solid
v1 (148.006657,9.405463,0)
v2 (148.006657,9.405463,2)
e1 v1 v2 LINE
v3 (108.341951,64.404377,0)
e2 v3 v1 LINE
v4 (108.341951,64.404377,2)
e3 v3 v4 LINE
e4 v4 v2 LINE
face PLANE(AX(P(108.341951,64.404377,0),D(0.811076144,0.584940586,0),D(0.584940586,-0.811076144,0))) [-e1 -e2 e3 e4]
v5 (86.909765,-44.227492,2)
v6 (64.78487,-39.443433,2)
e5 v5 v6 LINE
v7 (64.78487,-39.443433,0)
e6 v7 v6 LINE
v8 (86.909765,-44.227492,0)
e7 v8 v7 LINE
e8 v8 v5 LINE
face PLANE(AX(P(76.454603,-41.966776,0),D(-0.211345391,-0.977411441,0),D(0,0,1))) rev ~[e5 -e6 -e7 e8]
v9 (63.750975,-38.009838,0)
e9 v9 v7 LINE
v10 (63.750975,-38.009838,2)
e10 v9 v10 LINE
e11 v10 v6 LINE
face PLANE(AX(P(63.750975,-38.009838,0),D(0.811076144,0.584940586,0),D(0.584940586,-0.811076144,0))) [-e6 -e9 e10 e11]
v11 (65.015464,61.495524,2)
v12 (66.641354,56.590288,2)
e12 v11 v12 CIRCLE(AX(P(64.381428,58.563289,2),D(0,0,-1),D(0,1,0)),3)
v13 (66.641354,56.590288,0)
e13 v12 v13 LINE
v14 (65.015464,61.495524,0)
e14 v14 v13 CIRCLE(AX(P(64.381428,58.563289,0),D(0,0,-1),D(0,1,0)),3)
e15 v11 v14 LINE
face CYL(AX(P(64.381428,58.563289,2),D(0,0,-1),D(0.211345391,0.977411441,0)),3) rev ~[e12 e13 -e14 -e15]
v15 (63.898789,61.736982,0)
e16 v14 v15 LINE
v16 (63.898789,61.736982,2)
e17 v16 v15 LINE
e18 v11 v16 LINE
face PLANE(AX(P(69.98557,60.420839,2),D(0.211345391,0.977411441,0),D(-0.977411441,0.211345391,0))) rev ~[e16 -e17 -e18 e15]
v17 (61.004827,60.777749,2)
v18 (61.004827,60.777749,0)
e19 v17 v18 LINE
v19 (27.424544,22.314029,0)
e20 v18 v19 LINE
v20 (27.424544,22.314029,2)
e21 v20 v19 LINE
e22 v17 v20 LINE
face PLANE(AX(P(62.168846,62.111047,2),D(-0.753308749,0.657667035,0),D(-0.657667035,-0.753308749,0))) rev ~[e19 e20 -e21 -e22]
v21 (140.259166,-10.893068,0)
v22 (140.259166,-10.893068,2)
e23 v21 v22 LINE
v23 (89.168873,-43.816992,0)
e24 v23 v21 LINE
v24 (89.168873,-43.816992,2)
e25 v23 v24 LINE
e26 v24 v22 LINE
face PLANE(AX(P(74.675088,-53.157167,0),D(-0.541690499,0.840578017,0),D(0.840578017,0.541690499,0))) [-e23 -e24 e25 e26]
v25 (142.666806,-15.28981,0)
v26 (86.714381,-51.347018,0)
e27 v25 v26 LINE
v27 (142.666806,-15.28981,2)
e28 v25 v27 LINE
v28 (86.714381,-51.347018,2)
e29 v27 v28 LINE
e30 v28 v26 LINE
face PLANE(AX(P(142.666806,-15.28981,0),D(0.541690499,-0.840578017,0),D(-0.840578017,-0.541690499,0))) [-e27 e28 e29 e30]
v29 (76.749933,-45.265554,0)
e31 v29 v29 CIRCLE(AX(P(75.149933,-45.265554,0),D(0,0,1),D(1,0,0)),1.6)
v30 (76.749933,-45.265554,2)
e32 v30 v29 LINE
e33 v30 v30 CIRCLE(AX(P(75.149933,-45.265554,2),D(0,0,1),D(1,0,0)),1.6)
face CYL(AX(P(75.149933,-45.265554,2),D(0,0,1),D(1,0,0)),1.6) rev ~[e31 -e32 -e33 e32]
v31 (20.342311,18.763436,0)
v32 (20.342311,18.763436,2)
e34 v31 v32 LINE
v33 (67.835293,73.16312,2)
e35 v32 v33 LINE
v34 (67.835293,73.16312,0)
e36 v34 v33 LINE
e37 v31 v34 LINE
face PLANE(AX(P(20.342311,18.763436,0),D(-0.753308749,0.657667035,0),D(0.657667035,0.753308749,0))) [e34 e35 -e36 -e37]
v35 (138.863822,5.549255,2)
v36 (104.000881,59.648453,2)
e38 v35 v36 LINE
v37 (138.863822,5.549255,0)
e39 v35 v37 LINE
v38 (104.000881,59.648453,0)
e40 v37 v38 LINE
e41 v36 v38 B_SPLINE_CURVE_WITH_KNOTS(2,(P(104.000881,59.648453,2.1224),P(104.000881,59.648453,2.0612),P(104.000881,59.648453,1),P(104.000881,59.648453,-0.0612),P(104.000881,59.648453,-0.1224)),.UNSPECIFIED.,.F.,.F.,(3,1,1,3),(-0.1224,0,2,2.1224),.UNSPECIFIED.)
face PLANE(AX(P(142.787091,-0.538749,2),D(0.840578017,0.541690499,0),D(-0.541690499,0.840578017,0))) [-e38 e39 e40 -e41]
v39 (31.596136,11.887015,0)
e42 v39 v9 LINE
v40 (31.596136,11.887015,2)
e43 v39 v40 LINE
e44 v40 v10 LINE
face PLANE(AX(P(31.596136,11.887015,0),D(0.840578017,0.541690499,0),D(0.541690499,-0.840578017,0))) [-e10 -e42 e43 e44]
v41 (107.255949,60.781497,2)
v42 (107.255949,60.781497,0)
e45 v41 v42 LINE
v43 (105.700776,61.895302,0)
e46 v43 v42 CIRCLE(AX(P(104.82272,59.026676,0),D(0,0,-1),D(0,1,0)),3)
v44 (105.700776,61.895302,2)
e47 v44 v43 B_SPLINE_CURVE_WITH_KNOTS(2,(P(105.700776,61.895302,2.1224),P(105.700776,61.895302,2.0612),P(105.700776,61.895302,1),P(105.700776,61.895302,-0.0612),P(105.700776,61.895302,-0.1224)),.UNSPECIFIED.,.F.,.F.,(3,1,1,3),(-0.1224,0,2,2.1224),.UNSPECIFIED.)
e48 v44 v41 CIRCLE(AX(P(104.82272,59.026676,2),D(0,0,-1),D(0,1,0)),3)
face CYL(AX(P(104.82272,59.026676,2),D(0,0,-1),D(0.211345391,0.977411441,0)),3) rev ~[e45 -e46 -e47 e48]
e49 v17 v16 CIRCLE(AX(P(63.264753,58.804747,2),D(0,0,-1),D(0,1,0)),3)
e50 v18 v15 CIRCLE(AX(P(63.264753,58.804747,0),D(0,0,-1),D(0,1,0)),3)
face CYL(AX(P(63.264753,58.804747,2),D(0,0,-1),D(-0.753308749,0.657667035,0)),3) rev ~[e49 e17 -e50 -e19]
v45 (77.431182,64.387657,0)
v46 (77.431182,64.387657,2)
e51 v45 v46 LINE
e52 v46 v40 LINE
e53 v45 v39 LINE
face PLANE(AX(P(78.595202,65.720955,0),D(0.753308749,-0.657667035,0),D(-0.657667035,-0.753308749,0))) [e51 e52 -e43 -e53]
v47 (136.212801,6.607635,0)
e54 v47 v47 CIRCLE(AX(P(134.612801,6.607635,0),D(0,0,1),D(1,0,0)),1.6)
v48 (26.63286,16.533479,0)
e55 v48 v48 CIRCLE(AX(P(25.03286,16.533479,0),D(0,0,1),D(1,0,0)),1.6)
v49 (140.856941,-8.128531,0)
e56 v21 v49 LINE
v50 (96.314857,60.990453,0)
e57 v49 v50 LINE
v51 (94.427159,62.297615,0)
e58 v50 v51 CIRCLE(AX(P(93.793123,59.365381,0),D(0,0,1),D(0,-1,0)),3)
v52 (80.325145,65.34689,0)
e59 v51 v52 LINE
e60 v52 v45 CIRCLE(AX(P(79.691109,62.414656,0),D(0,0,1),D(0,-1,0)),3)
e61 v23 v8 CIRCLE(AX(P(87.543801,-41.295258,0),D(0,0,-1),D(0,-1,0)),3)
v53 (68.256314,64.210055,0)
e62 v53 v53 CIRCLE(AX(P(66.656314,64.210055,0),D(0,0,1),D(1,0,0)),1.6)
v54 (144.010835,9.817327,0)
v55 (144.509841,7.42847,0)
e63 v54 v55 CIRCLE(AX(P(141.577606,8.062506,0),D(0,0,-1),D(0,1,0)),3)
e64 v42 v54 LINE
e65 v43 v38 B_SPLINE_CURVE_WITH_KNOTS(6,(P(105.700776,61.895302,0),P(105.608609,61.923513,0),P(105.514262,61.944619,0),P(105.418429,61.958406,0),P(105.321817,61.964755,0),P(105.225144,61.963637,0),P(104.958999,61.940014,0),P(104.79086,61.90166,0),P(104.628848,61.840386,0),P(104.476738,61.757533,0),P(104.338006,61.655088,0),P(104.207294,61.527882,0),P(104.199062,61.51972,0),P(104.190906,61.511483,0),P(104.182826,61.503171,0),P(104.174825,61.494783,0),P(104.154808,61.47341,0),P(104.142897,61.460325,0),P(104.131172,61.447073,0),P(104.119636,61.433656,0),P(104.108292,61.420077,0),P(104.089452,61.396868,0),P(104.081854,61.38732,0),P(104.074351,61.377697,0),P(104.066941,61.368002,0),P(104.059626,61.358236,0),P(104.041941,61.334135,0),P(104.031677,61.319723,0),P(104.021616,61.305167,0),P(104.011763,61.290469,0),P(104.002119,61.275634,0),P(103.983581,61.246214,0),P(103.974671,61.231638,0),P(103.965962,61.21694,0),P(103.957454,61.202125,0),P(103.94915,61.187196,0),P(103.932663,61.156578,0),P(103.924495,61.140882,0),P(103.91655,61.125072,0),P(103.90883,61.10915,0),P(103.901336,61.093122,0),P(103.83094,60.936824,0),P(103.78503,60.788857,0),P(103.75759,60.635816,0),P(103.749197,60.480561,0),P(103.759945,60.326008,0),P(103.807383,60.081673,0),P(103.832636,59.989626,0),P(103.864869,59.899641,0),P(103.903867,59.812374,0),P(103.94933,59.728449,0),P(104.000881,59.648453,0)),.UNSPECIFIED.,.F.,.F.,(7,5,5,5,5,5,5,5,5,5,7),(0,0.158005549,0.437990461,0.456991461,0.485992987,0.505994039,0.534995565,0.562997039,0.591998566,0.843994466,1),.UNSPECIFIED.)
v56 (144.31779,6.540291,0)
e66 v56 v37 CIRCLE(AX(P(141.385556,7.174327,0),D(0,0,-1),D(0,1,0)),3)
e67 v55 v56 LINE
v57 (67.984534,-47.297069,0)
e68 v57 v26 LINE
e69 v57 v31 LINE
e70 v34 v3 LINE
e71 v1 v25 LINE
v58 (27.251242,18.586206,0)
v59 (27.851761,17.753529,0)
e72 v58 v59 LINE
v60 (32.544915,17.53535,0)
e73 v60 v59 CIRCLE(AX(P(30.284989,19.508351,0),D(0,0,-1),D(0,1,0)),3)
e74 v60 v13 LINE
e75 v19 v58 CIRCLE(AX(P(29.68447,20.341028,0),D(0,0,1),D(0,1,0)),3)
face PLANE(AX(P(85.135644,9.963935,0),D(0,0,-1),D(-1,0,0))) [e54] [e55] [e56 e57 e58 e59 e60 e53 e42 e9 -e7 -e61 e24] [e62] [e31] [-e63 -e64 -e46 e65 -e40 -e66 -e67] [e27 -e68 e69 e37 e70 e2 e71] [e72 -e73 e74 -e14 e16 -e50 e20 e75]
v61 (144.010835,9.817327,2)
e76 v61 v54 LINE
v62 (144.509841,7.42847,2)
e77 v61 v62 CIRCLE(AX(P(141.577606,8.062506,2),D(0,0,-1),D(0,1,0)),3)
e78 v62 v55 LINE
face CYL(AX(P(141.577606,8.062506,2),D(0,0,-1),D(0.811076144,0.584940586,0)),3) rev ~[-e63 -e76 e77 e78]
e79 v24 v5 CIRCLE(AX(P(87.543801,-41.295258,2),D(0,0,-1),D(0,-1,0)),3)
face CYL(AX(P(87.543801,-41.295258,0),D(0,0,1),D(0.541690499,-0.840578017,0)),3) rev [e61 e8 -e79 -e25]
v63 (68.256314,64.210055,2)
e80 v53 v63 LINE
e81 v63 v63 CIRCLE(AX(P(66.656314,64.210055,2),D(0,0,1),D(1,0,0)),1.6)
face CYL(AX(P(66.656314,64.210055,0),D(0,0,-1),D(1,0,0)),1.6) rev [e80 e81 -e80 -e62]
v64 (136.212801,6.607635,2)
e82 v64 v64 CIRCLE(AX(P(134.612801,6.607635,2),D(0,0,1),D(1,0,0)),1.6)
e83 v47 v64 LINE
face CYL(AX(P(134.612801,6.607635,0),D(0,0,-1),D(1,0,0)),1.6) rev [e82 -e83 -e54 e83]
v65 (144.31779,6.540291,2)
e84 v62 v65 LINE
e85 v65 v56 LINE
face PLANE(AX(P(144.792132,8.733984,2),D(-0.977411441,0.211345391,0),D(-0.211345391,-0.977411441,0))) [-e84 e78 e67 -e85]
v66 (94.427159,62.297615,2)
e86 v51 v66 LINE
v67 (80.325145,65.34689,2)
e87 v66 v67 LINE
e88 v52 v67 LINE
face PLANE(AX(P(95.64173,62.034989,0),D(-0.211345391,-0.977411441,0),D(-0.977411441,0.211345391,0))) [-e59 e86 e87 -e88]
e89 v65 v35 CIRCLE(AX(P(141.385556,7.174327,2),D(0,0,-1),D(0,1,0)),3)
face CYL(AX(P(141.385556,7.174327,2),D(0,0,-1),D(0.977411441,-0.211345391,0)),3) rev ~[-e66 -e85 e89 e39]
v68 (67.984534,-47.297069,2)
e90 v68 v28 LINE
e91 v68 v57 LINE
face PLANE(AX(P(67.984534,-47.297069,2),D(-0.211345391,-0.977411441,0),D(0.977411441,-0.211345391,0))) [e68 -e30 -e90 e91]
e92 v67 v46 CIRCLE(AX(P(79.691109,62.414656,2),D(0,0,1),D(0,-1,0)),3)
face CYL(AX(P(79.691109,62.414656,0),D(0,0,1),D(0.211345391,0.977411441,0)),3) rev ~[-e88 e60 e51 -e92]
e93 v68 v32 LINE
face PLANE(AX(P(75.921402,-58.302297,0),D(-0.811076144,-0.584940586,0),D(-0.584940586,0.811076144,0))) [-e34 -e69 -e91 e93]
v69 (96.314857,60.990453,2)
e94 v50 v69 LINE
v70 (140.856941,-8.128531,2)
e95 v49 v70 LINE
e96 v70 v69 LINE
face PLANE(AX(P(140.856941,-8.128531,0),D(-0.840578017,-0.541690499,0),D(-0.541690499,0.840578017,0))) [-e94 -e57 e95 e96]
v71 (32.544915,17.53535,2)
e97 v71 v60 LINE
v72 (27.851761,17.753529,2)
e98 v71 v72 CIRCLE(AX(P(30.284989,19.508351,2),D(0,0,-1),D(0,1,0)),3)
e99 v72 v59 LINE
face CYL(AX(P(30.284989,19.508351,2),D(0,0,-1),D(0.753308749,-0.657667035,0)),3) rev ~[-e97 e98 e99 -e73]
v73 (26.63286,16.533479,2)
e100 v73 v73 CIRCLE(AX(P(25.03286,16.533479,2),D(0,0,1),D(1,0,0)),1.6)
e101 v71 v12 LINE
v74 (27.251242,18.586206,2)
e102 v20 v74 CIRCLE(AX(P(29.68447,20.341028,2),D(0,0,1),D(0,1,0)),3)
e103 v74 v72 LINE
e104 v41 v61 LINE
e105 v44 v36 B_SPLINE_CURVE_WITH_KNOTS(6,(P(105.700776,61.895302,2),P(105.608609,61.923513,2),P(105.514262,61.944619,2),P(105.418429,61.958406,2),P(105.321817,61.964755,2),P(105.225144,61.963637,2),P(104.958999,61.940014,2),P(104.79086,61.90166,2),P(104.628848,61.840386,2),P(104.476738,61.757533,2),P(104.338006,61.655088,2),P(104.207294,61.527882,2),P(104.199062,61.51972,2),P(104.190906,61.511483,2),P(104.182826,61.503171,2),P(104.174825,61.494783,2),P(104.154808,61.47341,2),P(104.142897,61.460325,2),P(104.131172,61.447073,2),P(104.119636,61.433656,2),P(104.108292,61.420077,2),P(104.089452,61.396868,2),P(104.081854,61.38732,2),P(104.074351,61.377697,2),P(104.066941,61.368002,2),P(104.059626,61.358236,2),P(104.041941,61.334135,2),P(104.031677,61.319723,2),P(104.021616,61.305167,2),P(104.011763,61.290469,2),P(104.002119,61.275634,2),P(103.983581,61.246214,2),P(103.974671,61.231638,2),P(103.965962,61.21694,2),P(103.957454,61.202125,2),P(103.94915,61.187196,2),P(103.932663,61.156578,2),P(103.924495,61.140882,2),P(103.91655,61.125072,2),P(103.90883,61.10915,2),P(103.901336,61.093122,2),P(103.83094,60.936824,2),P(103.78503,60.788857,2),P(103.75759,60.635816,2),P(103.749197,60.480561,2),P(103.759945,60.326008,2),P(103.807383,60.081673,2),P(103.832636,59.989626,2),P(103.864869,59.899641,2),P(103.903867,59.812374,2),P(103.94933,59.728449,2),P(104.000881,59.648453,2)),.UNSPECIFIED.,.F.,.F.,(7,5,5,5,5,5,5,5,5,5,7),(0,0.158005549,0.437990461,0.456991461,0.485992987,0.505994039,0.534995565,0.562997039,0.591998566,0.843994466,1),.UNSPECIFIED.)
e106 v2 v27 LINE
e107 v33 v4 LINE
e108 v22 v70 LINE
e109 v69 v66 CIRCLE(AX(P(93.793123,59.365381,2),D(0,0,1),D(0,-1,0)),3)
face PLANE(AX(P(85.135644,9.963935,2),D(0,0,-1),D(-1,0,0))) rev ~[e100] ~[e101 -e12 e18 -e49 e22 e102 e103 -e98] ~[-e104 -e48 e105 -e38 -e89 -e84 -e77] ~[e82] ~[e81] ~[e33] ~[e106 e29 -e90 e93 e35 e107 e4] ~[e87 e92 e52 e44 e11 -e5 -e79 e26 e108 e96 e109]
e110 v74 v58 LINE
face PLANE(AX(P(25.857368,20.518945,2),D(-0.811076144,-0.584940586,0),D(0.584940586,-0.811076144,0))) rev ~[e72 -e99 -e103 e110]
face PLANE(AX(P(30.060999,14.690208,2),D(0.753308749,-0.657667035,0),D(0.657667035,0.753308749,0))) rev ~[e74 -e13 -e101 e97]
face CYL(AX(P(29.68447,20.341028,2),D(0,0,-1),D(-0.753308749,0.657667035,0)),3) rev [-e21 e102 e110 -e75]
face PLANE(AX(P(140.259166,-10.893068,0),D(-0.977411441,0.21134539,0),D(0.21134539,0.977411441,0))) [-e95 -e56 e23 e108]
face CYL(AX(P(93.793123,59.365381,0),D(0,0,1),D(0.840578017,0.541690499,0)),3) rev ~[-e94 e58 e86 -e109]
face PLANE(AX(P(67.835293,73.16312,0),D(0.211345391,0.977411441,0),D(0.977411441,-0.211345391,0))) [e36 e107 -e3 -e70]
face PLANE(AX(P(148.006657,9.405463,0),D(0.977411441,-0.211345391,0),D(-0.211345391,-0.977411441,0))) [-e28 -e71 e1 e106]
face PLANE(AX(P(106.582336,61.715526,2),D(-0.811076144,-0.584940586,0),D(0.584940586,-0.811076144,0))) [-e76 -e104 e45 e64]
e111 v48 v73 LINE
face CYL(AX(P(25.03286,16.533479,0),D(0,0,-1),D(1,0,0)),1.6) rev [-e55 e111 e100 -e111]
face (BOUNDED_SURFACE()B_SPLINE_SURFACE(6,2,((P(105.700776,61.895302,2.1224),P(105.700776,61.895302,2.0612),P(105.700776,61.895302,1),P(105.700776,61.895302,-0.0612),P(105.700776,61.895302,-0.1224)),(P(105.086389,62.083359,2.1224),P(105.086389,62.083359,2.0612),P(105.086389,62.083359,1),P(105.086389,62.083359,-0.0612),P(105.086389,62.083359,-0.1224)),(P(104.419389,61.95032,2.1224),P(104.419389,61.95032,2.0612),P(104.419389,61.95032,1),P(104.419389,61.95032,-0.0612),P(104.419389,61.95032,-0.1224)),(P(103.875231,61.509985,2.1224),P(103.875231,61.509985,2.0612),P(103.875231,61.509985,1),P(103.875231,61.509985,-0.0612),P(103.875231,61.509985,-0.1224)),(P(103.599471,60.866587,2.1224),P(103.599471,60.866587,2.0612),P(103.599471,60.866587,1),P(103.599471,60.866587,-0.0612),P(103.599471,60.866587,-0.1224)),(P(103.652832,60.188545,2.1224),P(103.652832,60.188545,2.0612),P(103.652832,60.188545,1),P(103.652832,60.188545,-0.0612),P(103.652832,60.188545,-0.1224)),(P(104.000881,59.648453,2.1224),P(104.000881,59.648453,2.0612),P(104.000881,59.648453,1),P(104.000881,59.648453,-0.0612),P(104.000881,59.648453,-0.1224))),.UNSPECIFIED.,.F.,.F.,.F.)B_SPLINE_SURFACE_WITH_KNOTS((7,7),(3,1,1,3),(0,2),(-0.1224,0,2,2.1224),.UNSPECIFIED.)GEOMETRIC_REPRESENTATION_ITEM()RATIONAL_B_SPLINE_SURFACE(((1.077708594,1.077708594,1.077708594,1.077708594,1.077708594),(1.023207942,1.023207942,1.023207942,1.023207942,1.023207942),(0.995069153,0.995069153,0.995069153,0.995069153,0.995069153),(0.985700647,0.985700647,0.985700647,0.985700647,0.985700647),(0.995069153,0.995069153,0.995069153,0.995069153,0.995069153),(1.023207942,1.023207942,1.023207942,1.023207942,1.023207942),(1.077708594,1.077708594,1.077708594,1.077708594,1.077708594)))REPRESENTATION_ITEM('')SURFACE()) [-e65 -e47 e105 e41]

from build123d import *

# Parameters (mm, degrees)
SKETCH2_R           = 1.6
BOSS_EXTRUDE1_DEPTH = 2
CHAMFER1_SIZE       = 16
CHAMFER1_SIZE2      = 16.908072044
CUT_EXTRUDE1_DEPTH  = 2
CUT_EXTRUDE2_DEPTH  = 2
FILLET1_R           = 3
FILLET2_R           = 1.5
SKETCH5_R           = 1.6
CUT_EXTRUDE3_DEPTH  = 2


with BuildPart() as part:
    # Sketch2 → Boss-Extrude1 (new body)
    with BuildSketch(Plane.XY):
        Polygon((20.342311206, 18.763435595), (67.83529335, 73.163119739), (108.3419511, 64.404376963), (148.006657298, 9.405462998), (142.666805642, -15.289809939), (75.921402075, -58.302296892), align=None)
        with Locations((25.032859693, 16.533479235)):
            Circle(SKETCH2_R, mode=Mode.SUBTRACT)
        with Locations((66.656313732, 64.210054816)):
            Circle(SKETCH2_R, mode=Mode.SUBTRACT)
        with Locations((134.6128014, 6.607635241)):
            Circle(SKETCH2_R, mode=Mode.SUBTRACT)
        Polygon((140.259166073, -10.893068121), (140.856941108, -8.128531088), (95.641730286, 62.034989033), (78.595202191, 65.720954825), (31.596135929, 11.887014645), (63.750974908, -38.009837557), (74.675087949, -53.157166528), align=None, mode=Mode.SUBTRACT)
    extrude(amount=BOSS_EXTRUDE1_DEPTH)

    # Chamfer1
    chamfer1_edges = [part.edges().sort_by_distance(p)[0] for p in [
        (74.675087949, -53.157166528, 1),
    ]]
    chamfer1_side = [part.faces().sort_by_distance(p)[0] for p in [
        (107.467127011, -32.025117325, 1),
    ]]
    chamfer(chamfer1_edges, length=CHAMFER1_SIZE, length2=CHAMFER1_SIZE2, reference=chamfer1_side[0])

    # Sketch3 → Cut-Extrude1 (cut)
    with BuildSketch(Plane.XY.offset(2)):
        Polygon((67.984533977, -47.297069134), (86.714380981, -51.347018482), (75.921402075, -58.302296892), align=None)
    extrude(amount=-CUT_EXTRUDE1_DEPTH, mode=Mode.SUBTRACT)

    # Sketch4 → Cut-Extrude2 (cut)
    with BuildSketch(Plane.XY.offset(2)):
        Polygon((25.857368283, 20.518945125), (30.060999178, 14.690208293), (69.985569717, 60.420838986), (62.168846417, 62.111046782), align=None)
        Polygon((102.03518682, 62.698754981), (106.582335629, 61.715526322), (144.792131882, 8.733984336), (142.787091436, -0.538749114), align=None)
    extrude(amount=-CUT_EXTRUDE2_DEPTH, mode=Mode.SUBTRACT)

    # Fillet1
    fillet1_edges = [part.edges().sort_by_distance(p)[0] for p in [
        (78.595202191, 65.720954825, 1),
        (95.641730286, 62.034989033, 1),
        (88.124336223, -44.490118537, 1),
        (25.857368283, 20.518945125, 1),
        (62.168846417, 62.111046782, 1),
        (69.985569717, 60.420838986, 1),
        (30.060999178, 14.690208293, 1),
        (142.787091436, -0.538749114, 1),
        (106.582335629, 61.715526322, 1),
        (144.792131882, 8.733984336, 1),
    ]]
    fillet(fillet1_edges, radius=FILLET1_R)

    # Fillet2
    fillet2_edges = [part.edges().sort_by_distance(p)[0] for p in [
        (102.03518682, 62.698754981, 1),
    ]]
    fillet(fillet2_edges, radius=FILLET2_R)

    # Sketch5 → Cut-Extrude3 (cut)
    with BuildSketch(Plane.XY.offset(2)):
        with Locations((75.149933369, -45.265554274)):
            Circle(SKETCH5_R)
    extrude(amount=-CUT_EXTRUDE3_DEPTH, mode=Mode.SUBTRACT)


solid = part.part
